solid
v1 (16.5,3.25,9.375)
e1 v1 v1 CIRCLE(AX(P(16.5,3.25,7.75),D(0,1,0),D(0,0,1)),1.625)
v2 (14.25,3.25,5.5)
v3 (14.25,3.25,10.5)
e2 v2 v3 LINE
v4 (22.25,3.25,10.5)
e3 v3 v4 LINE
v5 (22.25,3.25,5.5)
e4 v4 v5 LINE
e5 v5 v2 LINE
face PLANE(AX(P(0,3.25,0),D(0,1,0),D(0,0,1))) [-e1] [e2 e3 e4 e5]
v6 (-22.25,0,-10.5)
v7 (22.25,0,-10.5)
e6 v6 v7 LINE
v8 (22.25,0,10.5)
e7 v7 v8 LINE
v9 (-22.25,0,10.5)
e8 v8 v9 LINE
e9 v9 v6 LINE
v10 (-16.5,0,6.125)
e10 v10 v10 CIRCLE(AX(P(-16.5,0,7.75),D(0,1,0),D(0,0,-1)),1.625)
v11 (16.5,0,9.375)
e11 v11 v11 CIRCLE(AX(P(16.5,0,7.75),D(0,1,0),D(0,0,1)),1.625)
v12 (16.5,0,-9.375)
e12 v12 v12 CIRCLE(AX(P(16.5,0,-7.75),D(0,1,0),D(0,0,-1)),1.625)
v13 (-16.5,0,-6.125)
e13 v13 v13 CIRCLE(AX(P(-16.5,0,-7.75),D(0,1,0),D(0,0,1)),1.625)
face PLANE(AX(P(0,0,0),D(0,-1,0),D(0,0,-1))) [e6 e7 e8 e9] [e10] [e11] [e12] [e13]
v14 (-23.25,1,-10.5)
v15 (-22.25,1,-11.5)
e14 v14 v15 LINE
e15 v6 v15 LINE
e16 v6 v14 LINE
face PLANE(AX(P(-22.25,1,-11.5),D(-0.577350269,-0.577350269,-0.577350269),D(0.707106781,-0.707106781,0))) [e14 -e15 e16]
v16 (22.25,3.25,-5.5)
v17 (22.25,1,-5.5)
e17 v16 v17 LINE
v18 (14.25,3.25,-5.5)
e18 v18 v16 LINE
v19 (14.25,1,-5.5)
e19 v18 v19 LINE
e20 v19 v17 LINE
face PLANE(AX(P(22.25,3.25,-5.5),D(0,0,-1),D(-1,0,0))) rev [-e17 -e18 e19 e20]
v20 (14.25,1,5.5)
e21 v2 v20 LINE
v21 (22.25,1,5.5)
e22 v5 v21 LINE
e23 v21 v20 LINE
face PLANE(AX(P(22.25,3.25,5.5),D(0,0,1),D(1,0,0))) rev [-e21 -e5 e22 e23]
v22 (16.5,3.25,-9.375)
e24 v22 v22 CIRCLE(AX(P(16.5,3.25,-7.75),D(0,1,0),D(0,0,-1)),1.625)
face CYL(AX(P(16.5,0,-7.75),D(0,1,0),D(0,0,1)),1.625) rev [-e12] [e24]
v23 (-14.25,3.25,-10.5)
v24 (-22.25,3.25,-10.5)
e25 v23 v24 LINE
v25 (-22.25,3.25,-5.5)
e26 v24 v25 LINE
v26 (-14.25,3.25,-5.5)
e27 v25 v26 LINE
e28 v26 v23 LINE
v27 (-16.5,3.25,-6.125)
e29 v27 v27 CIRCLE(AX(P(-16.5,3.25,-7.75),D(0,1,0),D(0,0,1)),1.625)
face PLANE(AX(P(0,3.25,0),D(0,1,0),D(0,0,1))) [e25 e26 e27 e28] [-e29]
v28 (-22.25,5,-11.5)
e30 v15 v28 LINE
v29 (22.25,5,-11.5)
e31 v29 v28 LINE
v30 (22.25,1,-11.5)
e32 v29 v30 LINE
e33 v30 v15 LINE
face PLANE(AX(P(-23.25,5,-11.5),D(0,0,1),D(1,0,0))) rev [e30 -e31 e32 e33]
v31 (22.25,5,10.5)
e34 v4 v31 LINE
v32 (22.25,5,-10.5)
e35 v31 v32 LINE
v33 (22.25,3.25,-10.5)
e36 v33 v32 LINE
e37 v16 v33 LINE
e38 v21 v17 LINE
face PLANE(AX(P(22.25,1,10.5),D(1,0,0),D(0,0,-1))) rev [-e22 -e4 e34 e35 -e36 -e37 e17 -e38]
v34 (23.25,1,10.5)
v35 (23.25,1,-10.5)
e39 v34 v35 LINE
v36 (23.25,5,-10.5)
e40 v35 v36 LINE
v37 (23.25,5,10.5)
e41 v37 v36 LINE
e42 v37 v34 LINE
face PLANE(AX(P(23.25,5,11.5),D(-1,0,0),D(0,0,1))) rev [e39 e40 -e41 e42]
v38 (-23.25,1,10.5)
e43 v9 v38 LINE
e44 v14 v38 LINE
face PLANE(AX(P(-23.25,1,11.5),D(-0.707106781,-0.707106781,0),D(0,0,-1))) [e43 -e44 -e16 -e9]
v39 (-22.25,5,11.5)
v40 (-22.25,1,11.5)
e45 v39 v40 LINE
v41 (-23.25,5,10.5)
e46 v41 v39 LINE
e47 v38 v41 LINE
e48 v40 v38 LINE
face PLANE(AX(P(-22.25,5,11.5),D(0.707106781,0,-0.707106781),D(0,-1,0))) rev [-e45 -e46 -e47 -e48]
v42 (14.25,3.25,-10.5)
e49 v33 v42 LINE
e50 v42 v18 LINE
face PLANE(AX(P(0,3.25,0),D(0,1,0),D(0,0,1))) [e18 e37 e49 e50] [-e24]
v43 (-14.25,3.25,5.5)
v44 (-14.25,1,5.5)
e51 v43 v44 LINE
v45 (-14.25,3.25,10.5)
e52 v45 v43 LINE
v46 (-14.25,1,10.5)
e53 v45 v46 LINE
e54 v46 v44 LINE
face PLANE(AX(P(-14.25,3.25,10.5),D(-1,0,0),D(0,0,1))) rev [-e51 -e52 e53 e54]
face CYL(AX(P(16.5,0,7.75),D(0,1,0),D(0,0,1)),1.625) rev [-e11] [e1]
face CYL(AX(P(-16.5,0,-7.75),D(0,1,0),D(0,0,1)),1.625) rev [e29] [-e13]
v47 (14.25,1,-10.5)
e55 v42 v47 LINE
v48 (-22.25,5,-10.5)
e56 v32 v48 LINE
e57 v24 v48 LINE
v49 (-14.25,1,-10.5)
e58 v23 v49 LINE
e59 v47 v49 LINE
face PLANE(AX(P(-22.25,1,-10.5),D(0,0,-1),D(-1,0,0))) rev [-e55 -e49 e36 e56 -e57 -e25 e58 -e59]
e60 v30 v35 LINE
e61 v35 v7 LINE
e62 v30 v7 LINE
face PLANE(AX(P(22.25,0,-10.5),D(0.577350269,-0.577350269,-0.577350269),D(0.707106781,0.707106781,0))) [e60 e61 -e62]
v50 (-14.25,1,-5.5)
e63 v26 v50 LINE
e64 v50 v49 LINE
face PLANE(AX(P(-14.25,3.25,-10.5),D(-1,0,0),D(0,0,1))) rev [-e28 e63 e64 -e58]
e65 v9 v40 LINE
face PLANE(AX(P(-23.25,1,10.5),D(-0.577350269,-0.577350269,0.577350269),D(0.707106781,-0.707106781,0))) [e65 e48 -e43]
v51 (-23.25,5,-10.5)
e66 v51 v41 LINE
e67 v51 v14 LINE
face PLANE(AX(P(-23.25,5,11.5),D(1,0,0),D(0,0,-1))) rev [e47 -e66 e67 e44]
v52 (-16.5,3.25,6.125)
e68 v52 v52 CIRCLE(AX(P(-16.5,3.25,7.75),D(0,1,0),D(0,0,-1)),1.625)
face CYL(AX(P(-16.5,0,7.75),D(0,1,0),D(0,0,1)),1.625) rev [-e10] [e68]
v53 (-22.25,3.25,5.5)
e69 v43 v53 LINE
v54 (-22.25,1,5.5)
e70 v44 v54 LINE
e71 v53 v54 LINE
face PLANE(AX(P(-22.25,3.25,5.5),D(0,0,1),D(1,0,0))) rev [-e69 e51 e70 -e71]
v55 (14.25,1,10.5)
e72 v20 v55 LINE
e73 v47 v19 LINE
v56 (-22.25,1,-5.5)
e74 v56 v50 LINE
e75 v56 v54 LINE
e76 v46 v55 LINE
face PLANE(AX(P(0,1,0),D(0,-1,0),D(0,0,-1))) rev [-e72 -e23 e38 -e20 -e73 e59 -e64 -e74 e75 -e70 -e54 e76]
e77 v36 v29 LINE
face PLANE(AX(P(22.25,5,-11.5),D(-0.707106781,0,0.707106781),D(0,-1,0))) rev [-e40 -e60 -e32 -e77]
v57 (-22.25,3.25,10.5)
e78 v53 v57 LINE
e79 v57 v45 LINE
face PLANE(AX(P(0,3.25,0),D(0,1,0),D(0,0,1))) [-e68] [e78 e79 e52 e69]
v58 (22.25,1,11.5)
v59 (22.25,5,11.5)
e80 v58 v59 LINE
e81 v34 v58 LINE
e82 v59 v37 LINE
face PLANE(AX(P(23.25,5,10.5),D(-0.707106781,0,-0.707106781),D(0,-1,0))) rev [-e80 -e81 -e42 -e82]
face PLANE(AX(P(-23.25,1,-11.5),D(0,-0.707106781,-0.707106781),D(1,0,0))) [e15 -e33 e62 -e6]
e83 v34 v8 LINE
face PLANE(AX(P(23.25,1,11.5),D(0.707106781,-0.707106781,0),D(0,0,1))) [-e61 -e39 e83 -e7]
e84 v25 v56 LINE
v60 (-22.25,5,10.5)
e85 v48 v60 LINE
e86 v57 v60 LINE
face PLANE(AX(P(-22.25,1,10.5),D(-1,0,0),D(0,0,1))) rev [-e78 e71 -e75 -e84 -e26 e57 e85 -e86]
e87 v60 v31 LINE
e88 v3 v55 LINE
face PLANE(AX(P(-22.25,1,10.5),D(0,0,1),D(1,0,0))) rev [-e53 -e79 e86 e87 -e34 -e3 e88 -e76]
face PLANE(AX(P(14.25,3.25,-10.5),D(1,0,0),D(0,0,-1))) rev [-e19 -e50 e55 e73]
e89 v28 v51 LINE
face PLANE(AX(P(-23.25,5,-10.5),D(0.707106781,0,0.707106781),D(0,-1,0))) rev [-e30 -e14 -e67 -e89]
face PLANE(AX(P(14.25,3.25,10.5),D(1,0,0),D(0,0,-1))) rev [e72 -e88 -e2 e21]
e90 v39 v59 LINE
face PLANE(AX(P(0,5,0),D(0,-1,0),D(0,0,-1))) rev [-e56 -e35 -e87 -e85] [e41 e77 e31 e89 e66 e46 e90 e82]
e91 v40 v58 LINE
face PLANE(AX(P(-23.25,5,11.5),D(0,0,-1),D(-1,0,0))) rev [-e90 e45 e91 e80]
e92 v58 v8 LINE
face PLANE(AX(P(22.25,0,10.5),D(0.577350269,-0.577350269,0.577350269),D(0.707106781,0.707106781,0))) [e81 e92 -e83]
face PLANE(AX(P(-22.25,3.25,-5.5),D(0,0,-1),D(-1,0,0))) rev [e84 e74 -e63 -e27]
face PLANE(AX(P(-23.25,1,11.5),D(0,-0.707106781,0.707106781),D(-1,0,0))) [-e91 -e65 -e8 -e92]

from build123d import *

# Parameters (mm, degrees)
SKETCH1_W           = 46.5
SKETCH1_H           = 23
BOSS_EXTRUDE1_DEPTH = 5
SKETCH2_W           = 44.5
SKETCH2_H           = 21
CUT_EXTRUDE1_DEPTH  = 4
SKETCH3_W           = 8
SKETCH3_H           = 5
BOSS_EXTRUDE2_DEPTH = 2.25
SKETCH4_R           = 1.625
CUT_EXTRUDE2_DEPTH  = 4.25
CHAMFER1_SIZE       = 1


with BuildPart() as part:
    # Sketch1 → Boss-Extrude1 (new body)
    with BuildSketch(Plane(origin=(0, 0, 0), x_dir=(1, 0, 0), z_dir=(0, 1, 0))):
        Rectangle(SKETCH1_W, SKETCH1_H)
    extrude(amount=BOSS_EXTRUDE1_DEPTH)

    # Sketch2 → Cut-Extrude1 (cut)
    with BuildSketch(Plane(origin=(0, 5, 0), x_dir=(1, 0, 0), z_dir=(0, 1, 0))):
        Rectangle(SKETCH2_W, SKETCH2_H)
    extrude(amount=-CUT_EXTRUDE1_DEPTH, mode=Mode.SUBTRACT)

    # Sketch3 → Boss-Extrude2 (add)
    with BuildSketch(Plane(origin=(0, 1, 0), x_dir=(1, 0, 0), z_dir=(0, 1, 0))):
        with Locations((-18.25, 8)):
            Rectangle(SKETCH3_W, SKETCH3_H)
        with Locations((18.25, 8)):
            Rectangle(SKETCH3_W, SKETCH3_H)
        with Locations((18.25, -8)):
            Rectangle(SKETCH3_W, SKETCH3_H)
        with Locations((-18.25, -8)):
            Rectangle(SKETCH3_W, SKETCH3_H)
    extrude(amount=BOSS_EXTRUDE2_DEPTH)

    # Sketch4 → Cut-Extrude2 (cut, through all)
    with BuildSketch(Plane(origin=(0, 3.25, 0), x_dir=(1, 0, 0), z_dir=(0, 1, 0))):
        with Locations((-16.5, 7.75)):
            Circle(SKETCH4_R)
        with Locations((16.5, 7.75)):
            Circle(SKETCH4_R)
        with Locations((16.5, -7.75)):
            Circle(SKETCH4_R)
        with Locations((-16.5, -7.75)):
            Circle(SKETCH4_R)
    extrude(amount=-CUT_EXTRUDE2_DEPTH, mode=Mode.SUBTRACT)

    # Chamfer1
    chamfer1_edges = [part.edges().sort_by_distance(p)[0] for p in [
        (0, 0, 11.5),
        (-23.25, 0, 0),
        (0, 0, -11.5),
        (23.25, 0, 0),
        (23.25, 2.5, 11.5),
        (-23.25, 2.5, 11.5),
        (-23.25, 2.5, -11.5),
        (23.25, 2.5, -11.5),
    ]]
    chamfer(chamfer1_edges, length=CHAMFER1_SIZE)


solid = part.part
